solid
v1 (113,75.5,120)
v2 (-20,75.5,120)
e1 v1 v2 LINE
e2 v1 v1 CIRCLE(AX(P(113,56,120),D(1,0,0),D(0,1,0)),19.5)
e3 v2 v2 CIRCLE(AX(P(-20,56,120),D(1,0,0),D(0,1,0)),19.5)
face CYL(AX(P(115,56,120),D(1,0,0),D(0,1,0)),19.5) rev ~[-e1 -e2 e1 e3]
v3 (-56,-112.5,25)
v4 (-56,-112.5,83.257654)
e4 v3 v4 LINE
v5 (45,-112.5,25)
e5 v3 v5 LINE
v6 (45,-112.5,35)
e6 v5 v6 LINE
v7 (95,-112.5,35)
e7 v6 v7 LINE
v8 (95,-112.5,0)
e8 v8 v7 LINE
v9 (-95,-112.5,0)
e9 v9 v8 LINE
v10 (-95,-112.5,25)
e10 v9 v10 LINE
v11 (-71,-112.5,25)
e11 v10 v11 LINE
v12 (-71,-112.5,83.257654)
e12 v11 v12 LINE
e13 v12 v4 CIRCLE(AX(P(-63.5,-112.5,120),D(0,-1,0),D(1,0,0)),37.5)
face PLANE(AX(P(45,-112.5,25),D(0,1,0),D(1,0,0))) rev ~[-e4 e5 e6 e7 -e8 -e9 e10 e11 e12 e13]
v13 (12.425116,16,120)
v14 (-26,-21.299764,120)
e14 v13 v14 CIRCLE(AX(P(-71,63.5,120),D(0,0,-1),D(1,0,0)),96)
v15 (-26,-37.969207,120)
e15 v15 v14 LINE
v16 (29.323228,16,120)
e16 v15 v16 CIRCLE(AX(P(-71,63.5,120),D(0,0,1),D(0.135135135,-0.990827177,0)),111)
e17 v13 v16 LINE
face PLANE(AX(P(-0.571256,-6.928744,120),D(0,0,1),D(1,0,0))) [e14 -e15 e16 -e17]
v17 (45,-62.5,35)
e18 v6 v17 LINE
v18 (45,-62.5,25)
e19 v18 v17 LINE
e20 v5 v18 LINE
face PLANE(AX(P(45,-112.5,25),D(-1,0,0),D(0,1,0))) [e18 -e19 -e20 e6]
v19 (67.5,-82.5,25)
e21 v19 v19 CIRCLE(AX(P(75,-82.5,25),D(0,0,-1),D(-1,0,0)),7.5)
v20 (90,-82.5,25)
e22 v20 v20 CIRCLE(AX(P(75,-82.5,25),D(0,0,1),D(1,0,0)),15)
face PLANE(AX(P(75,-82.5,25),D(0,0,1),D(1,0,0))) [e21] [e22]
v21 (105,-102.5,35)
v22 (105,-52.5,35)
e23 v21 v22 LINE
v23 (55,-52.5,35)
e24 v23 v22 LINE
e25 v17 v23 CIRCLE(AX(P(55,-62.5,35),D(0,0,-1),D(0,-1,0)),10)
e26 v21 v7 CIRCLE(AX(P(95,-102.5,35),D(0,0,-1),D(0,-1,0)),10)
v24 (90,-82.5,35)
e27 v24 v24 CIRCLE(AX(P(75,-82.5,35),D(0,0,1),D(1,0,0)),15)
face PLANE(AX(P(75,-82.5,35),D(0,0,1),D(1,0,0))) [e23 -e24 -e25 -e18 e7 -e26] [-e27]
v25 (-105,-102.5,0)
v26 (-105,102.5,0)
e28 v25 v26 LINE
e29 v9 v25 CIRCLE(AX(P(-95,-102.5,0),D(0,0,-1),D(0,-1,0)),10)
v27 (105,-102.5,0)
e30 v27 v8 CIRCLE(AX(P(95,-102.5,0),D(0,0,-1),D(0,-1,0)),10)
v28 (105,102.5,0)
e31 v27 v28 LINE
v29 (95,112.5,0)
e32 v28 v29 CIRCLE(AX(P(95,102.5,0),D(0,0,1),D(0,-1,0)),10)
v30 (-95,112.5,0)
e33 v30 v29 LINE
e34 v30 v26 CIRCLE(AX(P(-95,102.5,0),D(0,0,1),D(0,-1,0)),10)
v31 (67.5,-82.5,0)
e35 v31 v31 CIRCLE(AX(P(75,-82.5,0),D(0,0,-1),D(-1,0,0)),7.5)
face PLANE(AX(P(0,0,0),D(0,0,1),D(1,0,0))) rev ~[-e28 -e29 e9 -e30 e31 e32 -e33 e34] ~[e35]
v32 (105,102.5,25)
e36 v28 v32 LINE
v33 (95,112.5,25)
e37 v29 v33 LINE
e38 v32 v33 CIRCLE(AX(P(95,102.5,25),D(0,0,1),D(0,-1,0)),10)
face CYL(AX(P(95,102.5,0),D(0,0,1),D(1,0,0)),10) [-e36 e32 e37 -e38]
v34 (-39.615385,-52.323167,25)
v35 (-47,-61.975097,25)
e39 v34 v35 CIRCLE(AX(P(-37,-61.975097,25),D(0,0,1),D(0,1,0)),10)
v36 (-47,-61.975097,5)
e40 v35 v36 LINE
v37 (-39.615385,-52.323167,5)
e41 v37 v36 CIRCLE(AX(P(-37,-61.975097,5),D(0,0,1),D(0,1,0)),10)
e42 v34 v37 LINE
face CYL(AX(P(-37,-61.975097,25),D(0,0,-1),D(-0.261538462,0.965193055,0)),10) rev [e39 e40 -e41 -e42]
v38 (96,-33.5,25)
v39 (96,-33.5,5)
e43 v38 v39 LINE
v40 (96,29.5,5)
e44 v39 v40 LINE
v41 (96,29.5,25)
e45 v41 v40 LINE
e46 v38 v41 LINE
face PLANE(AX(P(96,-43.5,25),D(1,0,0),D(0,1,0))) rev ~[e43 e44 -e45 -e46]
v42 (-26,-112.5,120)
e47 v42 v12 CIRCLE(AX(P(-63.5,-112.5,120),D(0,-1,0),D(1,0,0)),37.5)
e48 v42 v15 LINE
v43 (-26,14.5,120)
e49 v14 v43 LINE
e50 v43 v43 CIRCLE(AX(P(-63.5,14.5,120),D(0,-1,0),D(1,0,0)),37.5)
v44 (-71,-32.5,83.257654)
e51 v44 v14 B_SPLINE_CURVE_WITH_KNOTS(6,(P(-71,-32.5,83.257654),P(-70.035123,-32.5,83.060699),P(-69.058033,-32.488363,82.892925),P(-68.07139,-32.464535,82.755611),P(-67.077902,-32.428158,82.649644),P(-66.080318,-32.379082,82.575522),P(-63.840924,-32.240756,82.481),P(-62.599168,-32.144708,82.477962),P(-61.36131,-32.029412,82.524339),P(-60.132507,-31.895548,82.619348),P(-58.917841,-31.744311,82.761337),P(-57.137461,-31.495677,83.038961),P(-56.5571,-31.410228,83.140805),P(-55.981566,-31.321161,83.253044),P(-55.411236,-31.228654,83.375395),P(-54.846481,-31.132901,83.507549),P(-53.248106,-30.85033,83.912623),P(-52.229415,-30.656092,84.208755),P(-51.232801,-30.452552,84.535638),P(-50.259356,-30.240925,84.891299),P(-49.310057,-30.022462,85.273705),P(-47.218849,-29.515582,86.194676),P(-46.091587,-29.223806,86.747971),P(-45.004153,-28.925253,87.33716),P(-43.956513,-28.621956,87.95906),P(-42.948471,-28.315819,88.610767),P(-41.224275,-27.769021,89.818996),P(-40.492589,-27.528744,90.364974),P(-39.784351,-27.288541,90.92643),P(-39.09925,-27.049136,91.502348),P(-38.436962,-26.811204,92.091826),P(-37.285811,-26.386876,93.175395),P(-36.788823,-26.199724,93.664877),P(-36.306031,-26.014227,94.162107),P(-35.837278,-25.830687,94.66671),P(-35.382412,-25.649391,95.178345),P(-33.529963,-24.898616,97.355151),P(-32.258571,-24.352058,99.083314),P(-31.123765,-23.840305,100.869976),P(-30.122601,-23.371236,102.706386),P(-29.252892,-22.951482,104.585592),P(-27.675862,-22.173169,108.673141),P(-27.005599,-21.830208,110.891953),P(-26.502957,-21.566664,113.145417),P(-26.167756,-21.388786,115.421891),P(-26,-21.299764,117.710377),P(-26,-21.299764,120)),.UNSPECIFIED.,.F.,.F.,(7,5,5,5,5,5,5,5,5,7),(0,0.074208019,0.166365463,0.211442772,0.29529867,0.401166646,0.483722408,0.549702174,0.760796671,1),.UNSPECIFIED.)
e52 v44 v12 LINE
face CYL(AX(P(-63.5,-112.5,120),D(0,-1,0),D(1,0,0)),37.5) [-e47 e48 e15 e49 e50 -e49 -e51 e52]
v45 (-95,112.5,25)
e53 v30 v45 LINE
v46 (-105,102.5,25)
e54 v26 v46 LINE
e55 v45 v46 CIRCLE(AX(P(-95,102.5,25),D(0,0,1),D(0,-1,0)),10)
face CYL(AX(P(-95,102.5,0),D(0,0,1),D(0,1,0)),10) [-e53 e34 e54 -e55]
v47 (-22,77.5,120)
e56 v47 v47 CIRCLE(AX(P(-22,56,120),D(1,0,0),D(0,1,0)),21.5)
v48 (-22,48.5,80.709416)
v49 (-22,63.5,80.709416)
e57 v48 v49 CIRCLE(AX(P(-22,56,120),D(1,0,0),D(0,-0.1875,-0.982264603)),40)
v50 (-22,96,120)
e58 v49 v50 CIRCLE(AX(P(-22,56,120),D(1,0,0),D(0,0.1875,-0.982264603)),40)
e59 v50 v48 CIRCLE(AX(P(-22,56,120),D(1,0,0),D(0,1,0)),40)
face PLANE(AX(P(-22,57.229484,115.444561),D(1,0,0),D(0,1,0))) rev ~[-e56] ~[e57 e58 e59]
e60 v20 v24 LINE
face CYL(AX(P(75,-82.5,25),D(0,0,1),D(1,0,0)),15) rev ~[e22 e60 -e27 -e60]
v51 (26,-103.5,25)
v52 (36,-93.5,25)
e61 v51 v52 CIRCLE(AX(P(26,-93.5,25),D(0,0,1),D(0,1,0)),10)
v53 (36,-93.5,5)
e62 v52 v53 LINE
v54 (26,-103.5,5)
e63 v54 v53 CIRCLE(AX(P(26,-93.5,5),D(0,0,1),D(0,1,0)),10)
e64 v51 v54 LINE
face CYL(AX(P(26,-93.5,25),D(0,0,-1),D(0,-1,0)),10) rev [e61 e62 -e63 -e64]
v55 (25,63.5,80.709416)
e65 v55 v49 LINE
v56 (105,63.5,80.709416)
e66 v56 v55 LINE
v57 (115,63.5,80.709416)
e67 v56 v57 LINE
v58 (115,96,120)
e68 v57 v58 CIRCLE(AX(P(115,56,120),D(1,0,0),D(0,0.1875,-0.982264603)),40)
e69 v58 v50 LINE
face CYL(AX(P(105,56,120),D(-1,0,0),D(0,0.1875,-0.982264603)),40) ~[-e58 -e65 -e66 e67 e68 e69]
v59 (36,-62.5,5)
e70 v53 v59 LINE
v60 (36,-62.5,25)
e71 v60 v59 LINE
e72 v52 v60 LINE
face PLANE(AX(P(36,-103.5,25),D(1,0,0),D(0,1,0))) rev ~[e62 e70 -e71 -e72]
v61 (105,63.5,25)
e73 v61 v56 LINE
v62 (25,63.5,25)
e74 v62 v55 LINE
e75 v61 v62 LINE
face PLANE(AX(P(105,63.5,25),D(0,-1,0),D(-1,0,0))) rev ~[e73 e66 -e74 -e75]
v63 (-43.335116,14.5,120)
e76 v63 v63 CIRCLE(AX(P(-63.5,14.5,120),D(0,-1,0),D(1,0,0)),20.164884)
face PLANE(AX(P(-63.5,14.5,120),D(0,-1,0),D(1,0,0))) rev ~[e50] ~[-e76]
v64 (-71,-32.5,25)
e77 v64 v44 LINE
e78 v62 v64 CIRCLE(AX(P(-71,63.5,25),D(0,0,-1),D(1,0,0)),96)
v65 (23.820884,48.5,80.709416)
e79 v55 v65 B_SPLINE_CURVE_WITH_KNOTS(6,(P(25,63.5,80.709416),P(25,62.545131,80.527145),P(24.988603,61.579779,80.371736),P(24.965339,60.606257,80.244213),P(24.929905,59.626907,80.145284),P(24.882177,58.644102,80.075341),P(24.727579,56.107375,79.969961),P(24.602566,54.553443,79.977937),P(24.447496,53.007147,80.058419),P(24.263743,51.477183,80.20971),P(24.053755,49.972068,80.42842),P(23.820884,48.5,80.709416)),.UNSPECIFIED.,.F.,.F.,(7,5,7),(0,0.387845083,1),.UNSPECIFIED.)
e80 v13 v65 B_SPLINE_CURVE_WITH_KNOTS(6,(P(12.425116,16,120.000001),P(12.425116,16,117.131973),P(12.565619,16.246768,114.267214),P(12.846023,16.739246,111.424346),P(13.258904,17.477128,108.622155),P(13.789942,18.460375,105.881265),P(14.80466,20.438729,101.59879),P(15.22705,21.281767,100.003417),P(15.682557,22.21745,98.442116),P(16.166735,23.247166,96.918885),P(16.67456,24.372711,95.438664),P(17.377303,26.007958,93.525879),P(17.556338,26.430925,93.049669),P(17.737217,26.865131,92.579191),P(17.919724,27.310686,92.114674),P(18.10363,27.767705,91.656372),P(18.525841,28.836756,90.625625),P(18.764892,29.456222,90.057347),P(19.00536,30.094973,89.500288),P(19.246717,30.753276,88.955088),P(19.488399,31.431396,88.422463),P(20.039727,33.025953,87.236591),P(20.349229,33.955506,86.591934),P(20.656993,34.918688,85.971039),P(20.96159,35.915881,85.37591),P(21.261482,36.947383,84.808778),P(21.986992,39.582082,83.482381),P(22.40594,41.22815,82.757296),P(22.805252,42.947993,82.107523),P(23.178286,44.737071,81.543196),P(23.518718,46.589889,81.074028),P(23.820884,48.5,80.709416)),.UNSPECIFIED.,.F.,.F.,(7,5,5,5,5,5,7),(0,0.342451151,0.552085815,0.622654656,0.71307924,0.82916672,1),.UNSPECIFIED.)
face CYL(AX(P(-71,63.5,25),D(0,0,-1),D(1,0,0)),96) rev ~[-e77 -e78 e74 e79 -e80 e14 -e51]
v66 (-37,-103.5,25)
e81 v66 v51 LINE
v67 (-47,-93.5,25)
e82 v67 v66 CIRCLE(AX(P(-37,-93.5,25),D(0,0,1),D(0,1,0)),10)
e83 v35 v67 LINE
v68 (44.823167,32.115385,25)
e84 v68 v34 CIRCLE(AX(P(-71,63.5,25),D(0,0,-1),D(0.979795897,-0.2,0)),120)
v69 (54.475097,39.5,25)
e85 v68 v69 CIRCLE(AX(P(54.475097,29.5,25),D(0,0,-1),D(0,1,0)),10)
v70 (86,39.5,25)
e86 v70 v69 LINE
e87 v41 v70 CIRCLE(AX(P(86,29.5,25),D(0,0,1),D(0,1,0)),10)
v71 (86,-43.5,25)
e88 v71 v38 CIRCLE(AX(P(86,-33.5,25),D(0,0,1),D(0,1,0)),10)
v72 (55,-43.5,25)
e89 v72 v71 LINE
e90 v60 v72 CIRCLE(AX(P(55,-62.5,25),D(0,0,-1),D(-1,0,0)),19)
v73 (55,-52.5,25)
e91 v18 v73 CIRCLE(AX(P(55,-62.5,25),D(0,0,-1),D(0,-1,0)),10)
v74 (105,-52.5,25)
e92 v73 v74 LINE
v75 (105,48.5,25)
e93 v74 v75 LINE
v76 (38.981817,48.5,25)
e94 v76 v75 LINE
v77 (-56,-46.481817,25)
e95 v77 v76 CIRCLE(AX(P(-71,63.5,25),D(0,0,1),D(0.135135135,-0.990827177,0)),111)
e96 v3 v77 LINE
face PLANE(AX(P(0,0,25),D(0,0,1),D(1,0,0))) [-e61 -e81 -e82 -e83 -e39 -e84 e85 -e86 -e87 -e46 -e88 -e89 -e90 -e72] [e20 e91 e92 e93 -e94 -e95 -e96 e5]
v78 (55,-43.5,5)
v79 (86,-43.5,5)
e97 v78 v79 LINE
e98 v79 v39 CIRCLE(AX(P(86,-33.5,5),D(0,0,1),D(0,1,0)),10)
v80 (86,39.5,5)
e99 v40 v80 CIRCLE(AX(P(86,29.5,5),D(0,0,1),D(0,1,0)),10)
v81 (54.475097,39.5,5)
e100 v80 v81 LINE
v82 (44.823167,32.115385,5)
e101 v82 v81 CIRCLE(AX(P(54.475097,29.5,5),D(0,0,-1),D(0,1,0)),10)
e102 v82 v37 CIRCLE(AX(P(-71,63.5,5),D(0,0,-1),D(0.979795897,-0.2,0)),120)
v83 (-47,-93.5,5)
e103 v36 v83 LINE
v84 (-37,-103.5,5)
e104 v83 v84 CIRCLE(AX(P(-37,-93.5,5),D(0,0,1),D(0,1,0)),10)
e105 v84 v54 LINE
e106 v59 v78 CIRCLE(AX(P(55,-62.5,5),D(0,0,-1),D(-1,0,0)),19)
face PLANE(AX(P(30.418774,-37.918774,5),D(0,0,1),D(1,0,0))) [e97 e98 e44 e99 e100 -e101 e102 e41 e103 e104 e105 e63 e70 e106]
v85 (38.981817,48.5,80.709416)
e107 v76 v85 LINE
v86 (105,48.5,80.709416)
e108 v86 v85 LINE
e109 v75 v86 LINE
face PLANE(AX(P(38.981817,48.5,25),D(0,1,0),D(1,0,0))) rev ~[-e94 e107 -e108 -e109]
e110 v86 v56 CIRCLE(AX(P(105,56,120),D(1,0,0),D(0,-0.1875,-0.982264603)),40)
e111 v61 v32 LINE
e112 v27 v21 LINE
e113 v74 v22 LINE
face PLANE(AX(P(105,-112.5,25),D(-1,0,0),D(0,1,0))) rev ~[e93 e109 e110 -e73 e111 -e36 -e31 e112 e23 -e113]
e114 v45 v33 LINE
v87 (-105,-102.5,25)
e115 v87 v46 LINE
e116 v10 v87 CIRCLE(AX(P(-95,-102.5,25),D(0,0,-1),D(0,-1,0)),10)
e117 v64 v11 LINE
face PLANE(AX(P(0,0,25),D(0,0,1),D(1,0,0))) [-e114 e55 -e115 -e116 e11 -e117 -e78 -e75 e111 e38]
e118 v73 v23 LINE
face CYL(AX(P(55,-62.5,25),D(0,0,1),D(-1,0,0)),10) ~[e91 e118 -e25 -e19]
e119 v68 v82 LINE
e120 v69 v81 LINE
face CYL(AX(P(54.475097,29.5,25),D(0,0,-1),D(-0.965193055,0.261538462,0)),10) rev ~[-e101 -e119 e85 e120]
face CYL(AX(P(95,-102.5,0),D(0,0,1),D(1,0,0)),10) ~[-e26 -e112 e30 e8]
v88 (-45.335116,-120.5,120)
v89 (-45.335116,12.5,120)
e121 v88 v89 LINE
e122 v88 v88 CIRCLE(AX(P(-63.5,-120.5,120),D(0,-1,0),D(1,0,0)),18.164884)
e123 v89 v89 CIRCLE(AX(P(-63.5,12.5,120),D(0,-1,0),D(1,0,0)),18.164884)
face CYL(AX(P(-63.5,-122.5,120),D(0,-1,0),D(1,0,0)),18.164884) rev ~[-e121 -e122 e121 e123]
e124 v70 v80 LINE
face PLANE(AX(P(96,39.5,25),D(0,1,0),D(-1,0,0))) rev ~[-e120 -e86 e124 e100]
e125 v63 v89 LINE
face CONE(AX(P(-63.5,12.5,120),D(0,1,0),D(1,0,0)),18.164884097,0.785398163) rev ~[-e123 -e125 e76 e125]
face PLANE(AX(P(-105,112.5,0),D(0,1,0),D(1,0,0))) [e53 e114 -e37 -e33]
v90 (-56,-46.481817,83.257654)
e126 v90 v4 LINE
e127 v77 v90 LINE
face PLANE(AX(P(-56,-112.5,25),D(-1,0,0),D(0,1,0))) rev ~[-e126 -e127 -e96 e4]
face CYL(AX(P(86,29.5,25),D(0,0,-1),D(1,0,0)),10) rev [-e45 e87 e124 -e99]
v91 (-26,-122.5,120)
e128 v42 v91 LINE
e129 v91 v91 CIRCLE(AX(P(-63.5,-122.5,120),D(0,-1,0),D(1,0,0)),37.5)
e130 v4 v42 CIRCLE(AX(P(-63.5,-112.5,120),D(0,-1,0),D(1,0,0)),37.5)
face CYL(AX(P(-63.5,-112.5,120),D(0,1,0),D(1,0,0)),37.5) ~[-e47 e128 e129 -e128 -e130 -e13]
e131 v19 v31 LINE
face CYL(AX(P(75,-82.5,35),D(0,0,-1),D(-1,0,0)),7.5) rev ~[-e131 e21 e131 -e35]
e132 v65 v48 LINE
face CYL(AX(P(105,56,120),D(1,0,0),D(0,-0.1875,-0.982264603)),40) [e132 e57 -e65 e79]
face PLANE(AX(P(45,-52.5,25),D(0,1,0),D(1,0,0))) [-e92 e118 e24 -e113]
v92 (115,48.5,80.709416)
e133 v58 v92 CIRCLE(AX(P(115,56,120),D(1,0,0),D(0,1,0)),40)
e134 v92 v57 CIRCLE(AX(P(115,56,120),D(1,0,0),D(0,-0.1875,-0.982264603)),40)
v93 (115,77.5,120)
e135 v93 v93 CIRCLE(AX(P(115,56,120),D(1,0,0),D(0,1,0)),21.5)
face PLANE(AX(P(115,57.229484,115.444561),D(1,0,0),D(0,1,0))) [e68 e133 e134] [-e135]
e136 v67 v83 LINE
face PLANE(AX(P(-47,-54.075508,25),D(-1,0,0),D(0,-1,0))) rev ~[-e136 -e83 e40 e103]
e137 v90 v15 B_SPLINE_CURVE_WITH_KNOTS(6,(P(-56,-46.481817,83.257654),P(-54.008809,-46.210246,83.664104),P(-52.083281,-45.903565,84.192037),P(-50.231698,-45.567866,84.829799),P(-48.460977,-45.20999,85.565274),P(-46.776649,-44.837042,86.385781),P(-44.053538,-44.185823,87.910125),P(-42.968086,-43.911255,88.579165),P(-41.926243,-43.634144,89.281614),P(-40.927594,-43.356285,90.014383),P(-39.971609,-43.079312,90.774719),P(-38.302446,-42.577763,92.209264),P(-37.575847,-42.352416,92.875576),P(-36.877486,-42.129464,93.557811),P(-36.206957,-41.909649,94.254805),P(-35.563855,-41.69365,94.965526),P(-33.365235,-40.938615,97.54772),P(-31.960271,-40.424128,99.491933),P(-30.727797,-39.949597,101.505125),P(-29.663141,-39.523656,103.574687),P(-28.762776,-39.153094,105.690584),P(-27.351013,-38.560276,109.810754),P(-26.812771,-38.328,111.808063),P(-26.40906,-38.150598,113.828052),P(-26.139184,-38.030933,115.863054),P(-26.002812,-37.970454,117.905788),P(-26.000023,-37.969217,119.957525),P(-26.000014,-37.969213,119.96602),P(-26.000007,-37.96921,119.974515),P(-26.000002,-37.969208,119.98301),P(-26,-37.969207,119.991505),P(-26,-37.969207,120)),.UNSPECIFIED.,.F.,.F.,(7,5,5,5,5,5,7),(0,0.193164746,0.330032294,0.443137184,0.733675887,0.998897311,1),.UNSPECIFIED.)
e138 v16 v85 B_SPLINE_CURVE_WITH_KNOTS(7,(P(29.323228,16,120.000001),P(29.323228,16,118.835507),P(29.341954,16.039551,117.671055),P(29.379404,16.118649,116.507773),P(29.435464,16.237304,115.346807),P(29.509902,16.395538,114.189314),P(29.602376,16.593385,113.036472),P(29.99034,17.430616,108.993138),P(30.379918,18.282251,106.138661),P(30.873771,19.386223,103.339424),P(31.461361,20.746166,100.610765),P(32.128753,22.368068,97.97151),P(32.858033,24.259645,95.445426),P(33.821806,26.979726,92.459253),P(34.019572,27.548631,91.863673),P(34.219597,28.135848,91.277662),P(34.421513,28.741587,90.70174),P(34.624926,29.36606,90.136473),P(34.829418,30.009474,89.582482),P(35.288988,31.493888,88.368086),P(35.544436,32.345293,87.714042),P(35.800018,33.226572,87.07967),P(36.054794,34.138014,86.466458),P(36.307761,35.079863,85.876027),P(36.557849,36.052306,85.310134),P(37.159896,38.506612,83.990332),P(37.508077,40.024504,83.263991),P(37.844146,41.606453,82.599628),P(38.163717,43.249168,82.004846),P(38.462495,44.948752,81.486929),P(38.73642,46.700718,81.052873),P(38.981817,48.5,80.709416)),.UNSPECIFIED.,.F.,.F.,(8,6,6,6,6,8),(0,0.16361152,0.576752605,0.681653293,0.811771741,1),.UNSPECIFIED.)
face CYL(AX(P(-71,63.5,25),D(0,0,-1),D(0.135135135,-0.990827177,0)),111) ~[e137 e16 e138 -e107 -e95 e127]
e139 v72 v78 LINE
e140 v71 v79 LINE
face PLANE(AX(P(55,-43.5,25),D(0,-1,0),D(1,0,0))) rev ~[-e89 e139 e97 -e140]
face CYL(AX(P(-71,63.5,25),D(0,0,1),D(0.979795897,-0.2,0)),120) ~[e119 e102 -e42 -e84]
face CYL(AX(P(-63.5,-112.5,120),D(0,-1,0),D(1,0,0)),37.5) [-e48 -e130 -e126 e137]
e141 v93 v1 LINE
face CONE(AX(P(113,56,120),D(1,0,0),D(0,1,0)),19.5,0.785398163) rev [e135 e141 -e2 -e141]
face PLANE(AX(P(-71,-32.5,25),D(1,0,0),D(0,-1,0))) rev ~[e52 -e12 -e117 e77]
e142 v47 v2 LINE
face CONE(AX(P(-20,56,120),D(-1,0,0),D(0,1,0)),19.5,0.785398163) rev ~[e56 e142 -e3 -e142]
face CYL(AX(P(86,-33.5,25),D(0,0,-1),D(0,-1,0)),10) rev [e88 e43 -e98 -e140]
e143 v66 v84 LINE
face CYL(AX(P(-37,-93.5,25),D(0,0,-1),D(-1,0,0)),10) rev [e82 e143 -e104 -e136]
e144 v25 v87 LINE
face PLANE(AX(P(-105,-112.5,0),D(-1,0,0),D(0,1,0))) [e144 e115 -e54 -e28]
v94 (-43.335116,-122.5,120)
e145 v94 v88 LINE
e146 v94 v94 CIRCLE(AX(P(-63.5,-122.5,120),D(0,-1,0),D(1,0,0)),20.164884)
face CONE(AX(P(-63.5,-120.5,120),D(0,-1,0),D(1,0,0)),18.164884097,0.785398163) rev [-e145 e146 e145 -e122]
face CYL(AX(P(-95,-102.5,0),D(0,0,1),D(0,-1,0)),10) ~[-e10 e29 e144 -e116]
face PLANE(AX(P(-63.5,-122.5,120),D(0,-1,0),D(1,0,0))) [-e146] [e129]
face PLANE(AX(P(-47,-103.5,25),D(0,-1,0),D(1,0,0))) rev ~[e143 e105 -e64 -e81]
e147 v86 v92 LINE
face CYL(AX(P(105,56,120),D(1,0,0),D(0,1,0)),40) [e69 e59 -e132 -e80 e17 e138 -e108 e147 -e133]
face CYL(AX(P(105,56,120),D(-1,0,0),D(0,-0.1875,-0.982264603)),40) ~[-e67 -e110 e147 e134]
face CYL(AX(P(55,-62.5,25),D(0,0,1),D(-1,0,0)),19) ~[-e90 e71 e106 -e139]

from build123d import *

# Parameters (mm, degrees)
F0_W            = 210
F0_H            = 225
F1_DEPTH        = 25
F3_DEPTH        = 95
F4_R            = 37.5
F5_DEPTH        = 10
F5_DEPTH_BACK   = 127
F7_DEPTH        = 10
F7_DEPTH_BACK   = 127
F8_W            = 60
F8_H            = 60
F9_DEPTH        = 10
F10_R           = 10
F12_DEPTH       = 20
F14_D           = 15
F14_CBORE_D     = 30
F14_CBORE_DEPTH = 10
F15_R           = 10
F16_R           = 18.1648840972
F17_DEPTH       = 235.001
F18_R           = 19.5
F19_DEPTH       = 220.001
F20_SIZE        = 2
F21_R           = 10


with BuildPart() as f1:
    # F0 (on Top) → F1 (new body)
    with BuildSketch(Plane.XY):
        Rectangle(F0_W, F0_H)
    extrude(amount=F1_DEPTH)

    # F2 (on face) → F3 (join)
    with BuildSketch(Plane.XY.offset(25)):
        with BuildLine():
            Line((-71, -32.5), (-71, -112.5))
            Line((-71, -112.5), (-56, -112.5))
            Line((-56, -112.5), (-56, -46.4818166789))
            ThreePointArc((-56, -46.4818166789), (7.4888527117, -14.9888527117), (38.9818166789, 48.5))
            Line((38.9818166789, 48.5), (105, 48.5))
            Line((105, 48.5), (105, 63.5))
            Line((105, 63.5), (25, 63.5))
            ThreePointArc((25, 63.5), (-3.1177490061, -4.3822509939), (-71, -32.5))
        make_face()
    extrude(amount=F3_DEPTH)

    # F4 (on face) → F5 (join, two sides)
    with BuildSketch(Plane.XZ.offset(112.5)) as f5_sk:
        with Locations((-63.5, 120)):
            Circle(F4_R)
    extrude(amount=F5_DEPTH)
    extrude(f5_sk.sketch, amount=-F5_DEPTH_BACK)

    # F6 (on face) → F7 (join, two sides)
    with BuildSketch(Plane.YZ.offset(105)) as f7_sk:
        with BuildLine():
            ThreePointArc((63.5, 80.7094158862), (86.8220700148, 94.504902432), (96, 120))
            ThreePointArc((96, 120), (30.504902432, 150.8220700148), (48.5, 80.7094158862))
            Line((48.5, 80.7094158862), (48.5, 120))
            Line((48.5, 120), (63.5, 120))
            Line((63.5, 120), (63.5, 80.7094158862))
        make_face()
        with BuildLine():
            Line((48.5, 120), (48.5, 80.7094158862))
            ThreePointArc((48.5, 80.7094158862), (56, 80), (63.5, 80.7094158862))
            Line((63.5, 80.7094158862), (63.5, 120))
            Line((63.5, 120), (48.5, 120))
        make_face()
    extrude(amount=F7_DEPTH)
    extrude(f7_sk.sketch, amount=-F7_DEPTH_BACK)

    # F8 (on face) → F9 (join)
    with BuildSketch(Plane.XY.offset(25)):
        with Locations((75, -82.5)):
            Rectangle(F8_W, F8_H)
    extrude(amount=F9_DEPTH)

    # F10
    f10_edges = [f1.edges().sort_by_distance(p)[0] for p in [
        (45, -52.5, 30),
    ]]
    fillet(f10_edges, radius=F10_R)

    # F11 (on face) → F12 (cut)
    with BuildSketch(Plane.XY.offset(25)):
        with BuildLine():
            ThreePointArc((46.5755076536, 39.5), (13.8528137424, -21.3528137424), (-47, -54.0755076536))
            Line((-47, -54.0755076536), (-47, -103.5))
            Line((-47, -103.5), (36, -103.5))
            Line((36, -103.5), (36, -62.5))
            ThreePointArc((36, -62.5), (41.5649711575, -49.0649711575), (55, -43.5))
            Line((55, -43.5), (96, -43.5))
            Line((96, -43.5), (96, 39.5))
            Line((96, 39.5), (46.5755076536, 39.5))
        make_face()
    extrude(amount=-F12_DEPTH, mode=Mode.SUBTRACT)

    # F14 (through all)
    with Locations(Plane.XY.offset(35)):
        with Locations((75, -82.5)):
            CounterBoreHole(F14_D / 2, F14_CBORE_D / 2, F14_CBORE_DEPTH)

    # F15
    f15_edges = [f1.edges().sort_by_distance(p)[0] for p in [
        (-47, -54.075508, 15),
        (-47, -103.5, 15),
        (46.575508, 39.5, 15),
        (96, 39.5, 15),
        (96, -43.5, 15),
        (36, -103.5, 15),
    ]]
    fillet(f15_edges, radius=F15_R)

    # F16 (on face) → F17 (cut, through all)
    with BuildSketch(Plane.XZ.offset(122.5)):
        with Locations((-63.5, 120)):
            Circle(F16_R)
    extrude(amount=-F17_DEPTH, mode=Mode.SUBTRACT)

    # F18 (on face) → F19 (cut, through all)
    with BuildSketch(Plane.YZ.offset(115)):
        with Locations((56, 120)):
            Circle(F18_R)
    extrude(amount=-F19_DEPTH, mode=Mode.SUBTRACT)

    # F20
    f20_edges = [f1.edges().sort_by_distance(p)[0] for p in [
        (-81.664884, -122.5, 120),
        (115, 36.5, 120),
        (-81.664884, 14.5, 120),
        (-22, 36.5, 120),
    ]]
    chamfer(f20_edges, length=F20_SIZE)

    # F21
    f21_edges = [f1.edges().sort_by_distance(p)[0] for p in [
        (105, -112.5, 17.5),
        (105, 112.5, 12.5),
        (-105, 112.5, 12.5),
        (-105, -112.5, 12.5),
    ]]
    fillet(f21_edges, radius=F21_R)


solid = f1.part
